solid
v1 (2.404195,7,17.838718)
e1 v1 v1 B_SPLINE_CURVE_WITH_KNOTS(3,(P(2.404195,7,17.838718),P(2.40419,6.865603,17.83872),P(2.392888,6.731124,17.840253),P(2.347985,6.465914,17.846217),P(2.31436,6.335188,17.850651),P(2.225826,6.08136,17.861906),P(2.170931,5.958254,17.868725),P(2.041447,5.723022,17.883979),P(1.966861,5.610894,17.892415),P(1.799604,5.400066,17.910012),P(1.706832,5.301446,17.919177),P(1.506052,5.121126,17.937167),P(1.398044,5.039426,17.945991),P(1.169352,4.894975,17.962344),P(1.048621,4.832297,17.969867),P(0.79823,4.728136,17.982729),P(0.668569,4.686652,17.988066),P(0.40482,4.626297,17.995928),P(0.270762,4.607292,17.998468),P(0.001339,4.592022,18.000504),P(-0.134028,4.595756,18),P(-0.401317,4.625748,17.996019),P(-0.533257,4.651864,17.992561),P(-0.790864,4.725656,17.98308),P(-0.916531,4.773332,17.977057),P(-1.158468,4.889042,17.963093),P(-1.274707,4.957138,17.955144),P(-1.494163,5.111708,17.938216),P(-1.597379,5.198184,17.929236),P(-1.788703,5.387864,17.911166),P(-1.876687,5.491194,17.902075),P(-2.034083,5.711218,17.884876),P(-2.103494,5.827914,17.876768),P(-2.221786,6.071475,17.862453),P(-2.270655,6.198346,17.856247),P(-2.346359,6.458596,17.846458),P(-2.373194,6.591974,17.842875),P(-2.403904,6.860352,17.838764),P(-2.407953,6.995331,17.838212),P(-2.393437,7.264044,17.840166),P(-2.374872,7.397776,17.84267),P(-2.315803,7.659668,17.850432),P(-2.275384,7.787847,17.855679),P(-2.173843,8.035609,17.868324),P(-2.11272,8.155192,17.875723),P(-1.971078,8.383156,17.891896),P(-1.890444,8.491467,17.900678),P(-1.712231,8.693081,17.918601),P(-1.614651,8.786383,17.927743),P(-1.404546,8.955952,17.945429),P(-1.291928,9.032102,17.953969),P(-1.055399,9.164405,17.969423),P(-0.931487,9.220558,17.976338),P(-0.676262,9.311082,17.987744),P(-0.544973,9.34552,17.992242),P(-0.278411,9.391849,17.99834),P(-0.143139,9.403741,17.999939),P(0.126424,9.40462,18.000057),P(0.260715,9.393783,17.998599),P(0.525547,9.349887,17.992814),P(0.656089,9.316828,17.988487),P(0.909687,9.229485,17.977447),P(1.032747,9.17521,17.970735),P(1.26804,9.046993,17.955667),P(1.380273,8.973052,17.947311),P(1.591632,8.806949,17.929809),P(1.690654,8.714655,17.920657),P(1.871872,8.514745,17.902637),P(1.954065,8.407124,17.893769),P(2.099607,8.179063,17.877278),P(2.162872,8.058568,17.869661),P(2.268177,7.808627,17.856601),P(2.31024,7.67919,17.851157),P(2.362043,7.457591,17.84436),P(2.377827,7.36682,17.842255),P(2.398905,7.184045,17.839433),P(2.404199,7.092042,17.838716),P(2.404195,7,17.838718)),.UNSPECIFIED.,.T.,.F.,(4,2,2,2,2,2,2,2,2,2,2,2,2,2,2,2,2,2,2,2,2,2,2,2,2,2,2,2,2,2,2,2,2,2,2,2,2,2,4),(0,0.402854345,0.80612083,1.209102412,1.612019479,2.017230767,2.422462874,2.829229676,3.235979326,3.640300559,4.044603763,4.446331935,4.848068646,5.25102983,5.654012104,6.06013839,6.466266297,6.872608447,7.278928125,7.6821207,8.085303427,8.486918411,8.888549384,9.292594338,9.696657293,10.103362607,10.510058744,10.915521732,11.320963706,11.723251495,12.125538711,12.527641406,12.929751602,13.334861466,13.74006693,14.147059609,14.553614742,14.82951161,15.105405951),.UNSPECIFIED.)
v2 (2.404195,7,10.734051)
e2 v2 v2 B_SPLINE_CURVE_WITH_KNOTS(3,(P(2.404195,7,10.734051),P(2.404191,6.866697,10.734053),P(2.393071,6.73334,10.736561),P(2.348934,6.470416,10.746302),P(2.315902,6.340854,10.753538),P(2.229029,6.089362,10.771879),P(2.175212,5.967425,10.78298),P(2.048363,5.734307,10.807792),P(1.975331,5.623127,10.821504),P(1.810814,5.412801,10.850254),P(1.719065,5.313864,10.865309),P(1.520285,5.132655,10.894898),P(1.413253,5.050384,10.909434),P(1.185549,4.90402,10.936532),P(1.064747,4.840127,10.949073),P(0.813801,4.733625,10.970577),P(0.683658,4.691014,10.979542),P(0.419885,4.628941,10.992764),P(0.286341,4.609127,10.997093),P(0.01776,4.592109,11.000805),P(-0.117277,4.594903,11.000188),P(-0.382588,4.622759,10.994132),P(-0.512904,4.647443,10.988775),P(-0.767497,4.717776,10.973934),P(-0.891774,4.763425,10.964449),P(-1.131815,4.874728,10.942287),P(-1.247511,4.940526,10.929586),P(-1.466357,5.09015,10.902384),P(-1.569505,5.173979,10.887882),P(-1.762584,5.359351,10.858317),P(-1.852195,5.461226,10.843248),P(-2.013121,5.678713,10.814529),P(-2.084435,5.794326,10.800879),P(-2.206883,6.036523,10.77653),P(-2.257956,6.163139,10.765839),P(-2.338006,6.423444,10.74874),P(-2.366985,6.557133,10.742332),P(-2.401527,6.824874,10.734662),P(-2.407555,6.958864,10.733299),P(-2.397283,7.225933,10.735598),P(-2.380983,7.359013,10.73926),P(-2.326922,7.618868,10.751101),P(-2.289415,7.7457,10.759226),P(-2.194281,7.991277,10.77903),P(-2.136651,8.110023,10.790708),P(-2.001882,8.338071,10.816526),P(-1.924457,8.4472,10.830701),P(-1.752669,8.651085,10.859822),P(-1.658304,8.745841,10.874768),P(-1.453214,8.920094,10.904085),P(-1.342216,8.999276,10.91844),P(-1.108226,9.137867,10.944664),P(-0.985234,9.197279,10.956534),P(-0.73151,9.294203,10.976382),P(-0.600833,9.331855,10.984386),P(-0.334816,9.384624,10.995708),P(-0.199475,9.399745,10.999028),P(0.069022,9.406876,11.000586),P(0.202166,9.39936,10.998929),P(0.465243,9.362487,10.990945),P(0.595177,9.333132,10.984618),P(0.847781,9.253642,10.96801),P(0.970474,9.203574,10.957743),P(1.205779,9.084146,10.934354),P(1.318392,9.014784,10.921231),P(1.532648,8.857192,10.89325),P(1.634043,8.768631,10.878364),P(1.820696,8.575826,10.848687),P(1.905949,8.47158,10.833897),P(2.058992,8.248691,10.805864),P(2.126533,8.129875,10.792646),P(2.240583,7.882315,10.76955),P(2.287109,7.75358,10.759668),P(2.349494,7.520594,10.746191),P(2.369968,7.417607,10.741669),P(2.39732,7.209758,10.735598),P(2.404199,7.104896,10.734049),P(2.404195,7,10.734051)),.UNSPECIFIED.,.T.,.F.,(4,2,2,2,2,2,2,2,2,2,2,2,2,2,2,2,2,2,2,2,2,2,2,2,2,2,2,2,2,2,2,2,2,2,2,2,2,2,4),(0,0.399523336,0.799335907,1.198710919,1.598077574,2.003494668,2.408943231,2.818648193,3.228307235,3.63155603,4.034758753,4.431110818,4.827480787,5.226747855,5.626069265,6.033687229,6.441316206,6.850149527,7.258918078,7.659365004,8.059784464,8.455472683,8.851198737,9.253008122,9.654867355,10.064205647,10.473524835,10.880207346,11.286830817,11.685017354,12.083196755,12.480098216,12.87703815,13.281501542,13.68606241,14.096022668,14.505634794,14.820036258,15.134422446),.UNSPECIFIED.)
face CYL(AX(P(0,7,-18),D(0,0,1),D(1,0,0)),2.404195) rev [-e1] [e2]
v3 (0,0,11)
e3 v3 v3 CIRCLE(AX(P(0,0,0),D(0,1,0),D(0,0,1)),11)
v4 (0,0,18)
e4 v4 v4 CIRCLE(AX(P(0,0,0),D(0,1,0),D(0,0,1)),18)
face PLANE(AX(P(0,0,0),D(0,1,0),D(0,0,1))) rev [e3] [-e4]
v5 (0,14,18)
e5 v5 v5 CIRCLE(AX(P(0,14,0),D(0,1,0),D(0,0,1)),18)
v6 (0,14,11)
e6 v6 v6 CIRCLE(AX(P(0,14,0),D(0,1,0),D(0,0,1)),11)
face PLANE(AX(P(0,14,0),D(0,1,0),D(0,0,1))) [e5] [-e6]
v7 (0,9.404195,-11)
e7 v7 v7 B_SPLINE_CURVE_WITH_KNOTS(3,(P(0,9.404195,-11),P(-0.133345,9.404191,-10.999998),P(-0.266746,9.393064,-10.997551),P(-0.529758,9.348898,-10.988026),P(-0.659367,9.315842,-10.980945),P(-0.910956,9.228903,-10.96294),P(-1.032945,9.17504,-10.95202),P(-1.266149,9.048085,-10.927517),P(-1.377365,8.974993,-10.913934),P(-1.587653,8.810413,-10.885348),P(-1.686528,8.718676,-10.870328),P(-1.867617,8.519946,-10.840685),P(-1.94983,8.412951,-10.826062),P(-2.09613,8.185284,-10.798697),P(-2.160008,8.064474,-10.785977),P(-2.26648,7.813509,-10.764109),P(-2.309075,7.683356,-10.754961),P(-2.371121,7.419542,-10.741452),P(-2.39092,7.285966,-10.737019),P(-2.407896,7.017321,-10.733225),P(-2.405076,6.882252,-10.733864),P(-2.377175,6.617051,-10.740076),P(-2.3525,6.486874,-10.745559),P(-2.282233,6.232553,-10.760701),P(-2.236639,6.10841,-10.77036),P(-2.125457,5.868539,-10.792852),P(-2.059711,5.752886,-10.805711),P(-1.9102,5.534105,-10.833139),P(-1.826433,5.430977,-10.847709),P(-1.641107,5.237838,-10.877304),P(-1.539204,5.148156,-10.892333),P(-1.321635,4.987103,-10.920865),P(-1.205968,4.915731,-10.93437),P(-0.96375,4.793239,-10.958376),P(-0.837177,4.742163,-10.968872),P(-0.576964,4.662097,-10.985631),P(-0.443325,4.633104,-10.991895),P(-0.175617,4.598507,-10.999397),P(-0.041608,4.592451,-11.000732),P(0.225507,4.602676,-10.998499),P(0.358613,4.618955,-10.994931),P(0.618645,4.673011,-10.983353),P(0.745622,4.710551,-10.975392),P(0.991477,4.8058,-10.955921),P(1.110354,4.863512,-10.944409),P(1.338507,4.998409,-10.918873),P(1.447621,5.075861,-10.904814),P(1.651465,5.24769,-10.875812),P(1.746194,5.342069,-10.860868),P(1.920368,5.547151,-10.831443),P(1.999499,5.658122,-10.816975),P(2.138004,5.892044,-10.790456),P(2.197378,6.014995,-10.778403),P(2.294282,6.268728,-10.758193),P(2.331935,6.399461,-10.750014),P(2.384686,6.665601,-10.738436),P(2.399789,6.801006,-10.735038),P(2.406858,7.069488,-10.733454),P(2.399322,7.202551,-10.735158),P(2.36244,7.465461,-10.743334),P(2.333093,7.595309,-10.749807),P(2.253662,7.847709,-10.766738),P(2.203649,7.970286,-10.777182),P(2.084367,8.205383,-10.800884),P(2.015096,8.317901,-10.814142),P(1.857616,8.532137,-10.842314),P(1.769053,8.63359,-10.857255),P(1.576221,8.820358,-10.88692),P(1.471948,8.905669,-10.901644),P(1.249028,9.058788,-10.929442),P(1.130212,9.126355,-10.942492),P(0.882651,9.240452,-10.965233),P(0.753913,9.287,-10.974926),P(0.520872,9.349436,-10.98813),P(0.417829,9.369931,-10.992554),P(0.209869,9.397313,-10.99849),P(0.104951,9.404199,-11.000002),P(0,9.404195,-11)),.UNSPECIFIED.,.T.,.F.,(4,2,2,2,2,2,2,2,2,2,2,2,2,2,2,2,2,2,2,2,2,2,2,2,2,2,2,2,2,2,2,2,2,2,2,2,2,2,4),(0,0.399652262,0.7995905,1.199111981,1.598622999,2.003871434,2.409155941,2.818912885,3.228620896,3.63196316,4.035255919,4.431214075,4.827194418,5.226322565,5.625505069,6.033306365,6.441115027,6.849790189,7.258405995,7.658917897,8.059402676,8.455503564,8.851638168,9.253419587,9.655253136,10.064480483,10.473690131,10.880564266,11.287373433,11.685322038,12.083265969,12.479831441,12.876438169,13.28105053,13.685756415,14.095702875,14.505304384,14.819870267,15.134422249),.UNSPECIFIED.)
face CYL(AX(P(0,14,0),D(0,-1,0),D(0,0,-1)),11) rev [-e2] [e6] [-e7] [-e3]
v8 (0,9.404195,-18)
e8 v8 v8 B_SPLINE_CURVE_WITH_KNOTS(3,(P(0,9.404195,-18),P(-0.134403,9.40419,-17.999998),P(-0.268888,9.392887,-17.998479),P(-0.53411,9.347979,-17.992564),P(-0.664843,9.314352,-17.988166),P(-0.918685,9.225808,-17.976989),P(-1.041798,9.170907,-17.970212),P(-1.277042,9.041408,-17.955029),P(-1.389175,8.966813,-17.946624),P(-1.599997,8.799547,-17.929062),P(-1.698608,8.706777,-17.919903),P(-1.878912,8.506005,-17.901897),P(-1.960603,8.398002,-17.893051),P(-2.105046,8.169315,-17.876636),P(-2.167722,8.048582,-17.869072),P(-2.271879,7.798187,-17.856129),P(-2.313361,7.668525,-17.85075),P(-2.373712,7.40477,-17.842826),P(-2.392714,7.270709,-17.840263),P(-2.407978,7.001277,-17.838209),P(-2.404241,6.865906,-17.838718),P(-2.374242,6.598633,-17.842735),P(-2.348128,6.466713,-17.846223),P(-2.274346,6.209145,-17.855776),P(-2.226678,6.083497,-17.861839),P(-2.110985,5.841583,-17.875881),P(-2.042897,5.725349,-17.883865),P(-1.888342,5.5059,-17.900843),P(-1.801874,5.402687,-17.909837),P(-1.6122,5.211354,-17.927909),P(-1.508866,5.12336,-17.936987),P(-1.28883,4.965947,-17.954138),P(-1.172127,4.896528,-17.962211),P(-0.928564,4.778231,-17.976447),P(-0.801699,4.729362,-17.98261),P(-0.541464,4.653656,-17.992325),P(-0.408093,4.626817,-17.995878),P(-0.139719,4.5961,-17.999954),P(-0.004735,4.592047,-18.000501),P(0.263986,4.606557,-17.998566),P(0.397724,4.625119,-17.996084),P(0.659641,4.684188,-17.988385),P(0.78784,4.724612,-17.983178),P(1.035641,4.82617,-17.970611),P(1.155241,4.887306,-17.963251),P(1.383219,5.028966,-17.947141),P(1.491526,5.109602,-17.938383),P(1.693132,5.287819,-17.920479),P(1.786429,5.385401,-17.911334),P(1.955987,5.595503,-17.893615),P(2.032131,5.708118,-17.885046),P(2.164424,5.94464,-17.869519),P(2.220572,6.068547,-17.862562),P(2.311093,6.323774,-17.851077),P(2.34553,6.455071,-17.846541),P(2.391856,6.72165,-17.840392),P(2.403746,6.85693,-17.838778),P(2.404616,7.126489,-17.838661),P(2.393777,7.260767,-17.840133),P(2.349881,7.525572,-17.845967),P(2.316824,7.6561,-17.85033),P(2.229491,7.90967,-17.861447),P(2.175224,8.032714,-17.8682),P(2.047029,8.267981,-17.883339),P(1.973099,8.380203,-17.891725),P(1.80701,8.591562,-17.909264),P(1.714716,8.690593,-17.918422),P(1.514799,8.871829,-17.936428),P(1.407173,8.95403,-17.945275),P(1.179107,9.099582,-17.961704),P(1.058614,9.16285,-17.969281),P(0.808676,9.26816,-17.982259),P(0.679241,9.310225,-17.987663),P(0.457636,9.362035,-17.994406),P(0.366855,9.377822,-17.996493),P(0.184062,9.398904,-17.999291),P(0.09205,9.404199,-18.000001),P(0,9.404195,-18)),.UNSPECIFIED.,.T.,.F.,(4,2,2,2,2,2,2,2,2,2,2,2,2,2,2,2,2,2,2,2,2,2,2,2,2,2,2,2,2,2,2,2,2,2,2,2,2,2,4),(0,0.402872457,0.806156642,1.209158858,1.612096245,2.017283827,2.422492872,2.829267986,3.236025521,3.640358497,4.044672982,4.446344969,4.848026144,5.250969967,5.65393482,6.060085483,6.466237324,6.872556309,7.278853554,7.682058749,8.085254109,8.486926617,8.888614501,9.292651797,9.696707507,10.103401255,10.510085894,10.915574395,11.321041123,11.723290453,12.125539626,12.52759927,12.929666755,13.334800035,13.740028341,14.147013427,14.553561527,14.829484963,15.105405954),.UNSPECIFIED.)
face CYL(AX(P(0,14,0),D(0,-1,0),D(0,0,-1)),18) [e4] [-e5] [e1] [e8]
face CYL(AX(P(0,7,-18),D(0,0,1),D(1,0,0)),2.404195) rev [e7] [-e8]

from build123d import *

# Parameters (mm, degrees)
SKETCH1_R               = 18
SKETCH1_R_2             = 11
BOSS_EXTRUDE1_DEPTH     = 14
CUT_EXTRUDE1_DEPTH      = 30.051678093
CUT_EXTRUDE1_DEPTH_BACK = 30.051678093
SKETCH3_R               = 2.404195186


with BuildPart() as part:
    # Sketch1 → Boss-Extrude1 (new body)
    with BuildSketch(Plane(origin=(0, 0, 0), x_dir=(1, 0, 0), z_dir=(0, 1, 0))):
        with Locations(Location((0, 0, 0), (0, 0, 270))):
            Circle(SKETCH1_R)
        with Locations(Location((0, 0, 0), (0, 0, 270))):
            Circle(SKETCH1_R_2, mode=Mode.SUBTRACT)
    extrude(amount=BOSS_EXTRUDE1_DEPTH)

    # Sketch3 → Cut-Extrude1 (cut, two sides: drawn at the far end of the back side and taken through both)
    with BuildSketch(Plane.XY.offset(-CUT_EXTRUDE1_DEPTH_BACK)):
        with Locations((0, 7)):
            Circle(SKETCH3_R)
    extrude(amount=CUT_EXTRUDE1_DEPTH + CUT_EXTRUDE1_DEPTH_BACK, mode=Mode.SUBTRACT)


solid = part.part
